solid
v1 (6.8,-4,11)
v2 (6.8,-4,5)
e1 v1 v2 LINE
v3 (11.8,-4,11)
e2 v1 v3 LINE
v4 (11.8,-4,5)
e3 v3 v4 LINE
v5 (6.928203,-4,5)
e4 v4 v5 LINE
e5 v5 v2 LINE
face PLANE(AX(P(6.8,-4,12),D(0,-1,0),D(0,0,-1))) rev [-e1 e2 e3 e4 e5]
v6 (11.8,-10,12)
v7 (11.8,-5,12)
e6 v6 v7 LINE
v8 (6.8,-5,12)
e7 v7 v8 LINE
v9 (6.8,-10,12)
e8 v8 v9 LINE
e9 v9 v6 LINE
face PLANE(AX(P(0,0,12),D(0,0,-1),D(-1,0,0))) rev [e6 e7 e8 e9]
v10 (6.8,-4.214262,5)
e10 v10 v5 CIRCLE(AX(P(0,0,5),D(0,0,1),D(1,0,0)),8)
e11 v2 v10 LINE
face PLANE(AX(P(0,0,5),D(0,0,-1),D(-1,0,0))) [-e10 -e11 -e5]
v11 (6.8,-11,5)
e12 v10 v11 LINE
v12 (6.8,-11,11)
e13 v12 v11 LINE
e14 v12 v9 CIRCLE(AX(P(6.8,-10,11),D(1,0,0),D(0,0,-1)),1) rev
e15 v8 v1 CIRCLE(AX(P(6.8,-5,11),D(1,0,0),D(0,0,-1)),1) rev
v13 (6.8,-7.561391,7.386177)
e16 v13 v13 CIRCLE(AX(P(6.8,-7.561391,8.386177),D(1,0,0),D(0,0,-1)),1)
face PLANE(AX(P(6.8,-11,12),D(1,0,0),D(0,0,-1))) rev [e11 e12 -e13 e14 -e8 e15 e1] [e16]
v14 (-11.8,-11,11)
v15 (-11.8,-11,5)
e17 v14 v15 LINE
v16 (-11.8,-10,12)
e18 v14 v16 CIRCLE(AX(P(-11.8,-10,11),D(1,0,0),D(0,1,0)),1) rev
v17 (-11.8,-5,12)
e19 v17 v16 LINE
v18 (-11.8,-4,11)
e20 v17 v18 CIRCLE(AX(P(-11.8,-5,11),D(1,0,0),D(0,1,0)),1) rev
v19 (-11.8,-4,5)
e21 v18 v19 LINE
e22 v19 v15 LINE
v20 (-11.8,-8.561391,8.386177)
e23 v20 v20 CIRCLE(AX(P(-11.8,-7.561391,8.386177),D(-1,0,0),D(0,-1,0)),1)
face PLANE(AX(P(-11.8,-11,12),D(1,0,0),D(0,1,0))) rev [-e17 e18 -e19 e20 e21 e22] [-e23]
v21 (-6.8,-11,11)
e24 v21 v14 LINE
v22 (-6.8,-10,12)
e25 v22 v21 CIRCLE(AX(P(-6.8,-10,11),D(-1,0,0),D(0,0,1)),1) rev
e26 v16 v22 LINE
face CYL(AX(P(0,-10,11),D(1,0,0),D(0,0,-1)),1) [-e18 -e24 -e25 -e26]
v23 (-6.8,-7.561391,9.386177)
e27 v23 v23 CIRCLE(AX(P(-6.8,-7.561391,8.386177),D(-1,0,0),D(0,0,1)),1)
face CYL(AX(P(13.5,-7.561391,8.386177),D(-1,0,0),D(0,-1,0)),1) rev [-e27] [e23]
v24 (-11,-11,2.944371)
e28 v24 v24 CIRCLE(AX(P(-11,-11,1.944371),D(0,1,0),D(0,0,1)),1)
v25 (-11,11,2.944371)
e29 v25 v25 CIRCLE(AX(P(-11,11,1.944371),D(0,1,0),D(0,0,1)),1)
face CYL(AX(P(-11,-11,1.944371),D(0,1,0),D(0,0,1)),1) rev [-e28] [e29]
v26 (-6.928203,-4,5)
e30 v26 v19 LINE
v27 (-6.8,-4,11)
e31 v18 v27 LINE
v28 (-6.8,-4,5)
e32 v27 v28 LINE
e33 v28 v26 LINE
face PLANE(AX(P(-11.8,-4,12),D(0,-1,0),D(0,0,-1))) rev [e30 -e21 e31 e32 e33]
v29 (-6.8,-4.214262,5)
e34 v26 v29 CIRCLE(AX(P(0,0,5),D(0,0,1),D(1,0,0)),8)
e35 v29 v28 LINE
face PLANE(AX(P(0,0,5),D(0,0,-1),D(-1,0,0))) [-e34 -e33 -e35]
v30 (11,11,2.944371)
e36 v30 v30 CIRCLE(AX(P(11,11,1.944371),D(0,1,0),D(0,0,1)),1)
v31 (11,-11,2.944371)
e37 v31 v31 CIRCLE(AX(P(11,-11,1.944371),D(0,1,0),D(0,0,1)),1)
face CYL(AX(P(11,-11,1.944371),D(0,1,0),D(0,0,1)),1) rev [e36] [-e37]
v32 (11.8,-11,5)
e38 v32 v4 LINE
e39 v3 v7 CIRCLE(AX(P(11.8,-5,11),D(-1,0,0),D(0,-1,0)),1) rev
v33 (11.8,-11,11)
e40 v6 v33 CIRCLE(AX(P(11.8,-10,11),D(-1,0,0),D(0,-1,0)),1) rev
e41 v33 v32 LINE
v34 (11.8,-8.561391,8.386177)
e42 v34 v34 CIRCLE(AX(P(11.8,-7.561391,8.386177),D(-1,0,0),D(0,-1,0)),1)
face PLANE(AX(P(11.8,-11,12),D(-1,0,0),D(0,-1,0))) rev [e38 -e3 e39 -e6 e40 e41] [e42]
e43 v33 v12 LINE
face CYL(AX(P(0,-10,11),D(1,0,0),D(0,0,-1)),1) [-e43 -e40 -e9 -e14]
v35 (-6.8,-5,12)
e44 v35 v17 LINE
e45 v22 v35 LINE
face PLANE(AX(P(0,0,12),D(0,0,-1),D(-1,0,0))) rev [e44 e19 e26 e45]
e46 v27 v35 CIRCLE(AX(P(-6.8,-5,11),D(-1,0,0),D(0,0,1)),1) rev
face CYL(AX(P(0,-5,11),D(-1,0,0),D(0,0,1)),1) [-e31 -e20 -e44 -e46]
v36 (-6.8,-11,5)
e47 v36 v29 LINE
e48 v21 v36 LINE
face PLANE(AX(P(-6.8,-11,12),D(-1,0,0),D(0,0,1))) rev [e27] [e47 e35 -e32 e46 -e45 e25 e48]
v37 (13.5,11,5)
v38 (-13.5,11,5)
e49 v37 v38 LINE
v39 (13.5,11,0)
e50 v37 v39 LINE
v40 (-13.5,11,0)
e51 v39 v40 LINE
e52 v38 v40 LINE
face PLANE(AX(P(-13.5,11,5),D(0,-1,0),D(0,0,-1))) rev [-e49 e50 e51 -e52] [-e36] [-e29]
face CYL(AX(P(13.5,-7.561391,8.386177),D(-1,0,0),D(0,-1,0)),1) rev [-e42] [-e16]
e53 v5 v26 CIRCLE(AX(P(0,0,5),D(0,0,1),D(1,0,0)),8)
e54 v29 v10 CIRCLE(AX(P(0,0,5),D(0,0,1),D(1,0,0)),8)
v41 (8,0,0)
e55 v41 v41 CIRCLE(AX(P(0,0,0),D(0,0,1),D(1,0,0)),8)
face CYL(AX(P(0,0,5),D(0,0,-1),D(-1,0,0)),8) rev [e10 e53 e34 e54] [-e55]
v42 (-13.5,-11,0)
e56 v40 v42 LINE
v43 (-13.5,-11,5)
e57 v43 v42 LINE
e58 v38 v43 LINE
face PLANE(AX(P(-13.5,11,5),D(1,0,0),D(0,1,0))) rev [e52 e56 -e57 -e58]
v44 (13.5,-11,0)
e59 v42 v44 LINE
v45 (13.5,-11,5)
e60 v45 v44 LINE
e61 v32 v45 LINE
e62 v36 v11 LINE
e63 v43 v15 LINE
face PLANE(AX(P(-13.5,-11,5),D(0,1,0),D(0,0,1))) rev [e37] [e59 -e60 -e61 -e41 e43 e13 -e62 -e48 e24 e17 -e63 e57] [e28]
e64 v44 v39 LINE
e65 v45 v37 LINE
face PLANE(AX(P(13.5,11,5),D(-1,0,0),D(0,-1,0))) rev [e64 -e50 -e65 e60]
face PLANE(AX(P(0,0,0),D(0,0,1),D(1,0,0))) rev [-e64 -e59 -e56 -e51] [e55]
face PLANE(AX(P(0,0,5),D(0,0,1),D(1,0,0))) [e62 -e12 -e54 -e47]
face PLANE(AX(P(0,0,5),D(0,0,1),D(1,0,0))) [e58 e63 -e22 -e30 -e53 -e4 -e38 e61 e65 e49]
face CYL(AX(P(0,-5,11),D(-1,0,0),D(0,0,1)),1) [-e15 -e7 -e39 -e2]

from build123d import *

# Parameters (mm, degrees)
SKETCH1_W           = 27
SKETCH1_H           = 22
SKETCH1_R           = 8
BOSS_EXTRUDE1_DEPTH = 5
SKETCH2_W           = 5
SKETCH2_H           = 7
BOSS_EXTRUDE2_DEPTH = 7
SKETCH3_R           = 1
CUT_EXTRUDE1_DEPTH  = 26.3
FILLET1_R           = 1
SKETCH4_R           = 1
CUT_EXTRUDE2_DEPTH  = 23


with BuildPart() as part:
    # Sketch1 → Boss-Extrude1 (new body)
    with BuildSketch(Plane.XY):
        Rectangle(SKETCH1_W, SKETCH1_H)
        Circle(SKETCH1_R, mode=Mode.SUBTRACT)
    extrude(amount=BOSS_EXTRUDE1_DEPTH)

    # Sketch2 → Boss-Extrude2 (add)
    with BuildSketch(Plane.XY.offset(5)):
        with Locations((-9.3, -7.5)):
            Rectangle(SKETCH2_W, SKETCH2_H)
        with Locations((9.3, -7.5)):
            Rectangle(SKETCH2_W, SKETCH2_H)
    extrude(amount=BOSS_EXTRUDE2_DEPTH)

    # Sketch3 → Cut-Extrude1 (cut, through all)
    with BuildSketch(Plane.ZY.offset(11.8)):
        with Locations((8.386176527, -7.561390553)):
            Circle(SKETCH3_R)
    extrude(amount=-CUT_EXTRUDE1_DEPTH, mode=Mode.SUBTRACT)

    # Fillet1
    fillet1_edges = [part.edges().sort_by_distance(p)[0] for p in [
        (-9.3, -11, 12),
        (-9.3, -4, 12),
        (9.3, -11, 12),
        (9.3, -4, 12),
    ]]
    fillet(fillet1_edges, radius=FILLET1_R)

    # Sketch4 → Cut-Extrude2 (cut, through all)
    with BuildSketch(Plane(origin=(0, 11, 0), x_dir=(1, 0, 0), z_dir=(0, 1, 0))):
        with Locations((-11, -1.944370678)):
            Circle(SKETCH4_R)
        with Locations((11, -1.944370678)):
            Circle(SKETCH4_R)
    extrude(amount=-CUT_EXTRUDE2_DEPTH, mode=Mode.SUBTRACT)


solid = part.part
